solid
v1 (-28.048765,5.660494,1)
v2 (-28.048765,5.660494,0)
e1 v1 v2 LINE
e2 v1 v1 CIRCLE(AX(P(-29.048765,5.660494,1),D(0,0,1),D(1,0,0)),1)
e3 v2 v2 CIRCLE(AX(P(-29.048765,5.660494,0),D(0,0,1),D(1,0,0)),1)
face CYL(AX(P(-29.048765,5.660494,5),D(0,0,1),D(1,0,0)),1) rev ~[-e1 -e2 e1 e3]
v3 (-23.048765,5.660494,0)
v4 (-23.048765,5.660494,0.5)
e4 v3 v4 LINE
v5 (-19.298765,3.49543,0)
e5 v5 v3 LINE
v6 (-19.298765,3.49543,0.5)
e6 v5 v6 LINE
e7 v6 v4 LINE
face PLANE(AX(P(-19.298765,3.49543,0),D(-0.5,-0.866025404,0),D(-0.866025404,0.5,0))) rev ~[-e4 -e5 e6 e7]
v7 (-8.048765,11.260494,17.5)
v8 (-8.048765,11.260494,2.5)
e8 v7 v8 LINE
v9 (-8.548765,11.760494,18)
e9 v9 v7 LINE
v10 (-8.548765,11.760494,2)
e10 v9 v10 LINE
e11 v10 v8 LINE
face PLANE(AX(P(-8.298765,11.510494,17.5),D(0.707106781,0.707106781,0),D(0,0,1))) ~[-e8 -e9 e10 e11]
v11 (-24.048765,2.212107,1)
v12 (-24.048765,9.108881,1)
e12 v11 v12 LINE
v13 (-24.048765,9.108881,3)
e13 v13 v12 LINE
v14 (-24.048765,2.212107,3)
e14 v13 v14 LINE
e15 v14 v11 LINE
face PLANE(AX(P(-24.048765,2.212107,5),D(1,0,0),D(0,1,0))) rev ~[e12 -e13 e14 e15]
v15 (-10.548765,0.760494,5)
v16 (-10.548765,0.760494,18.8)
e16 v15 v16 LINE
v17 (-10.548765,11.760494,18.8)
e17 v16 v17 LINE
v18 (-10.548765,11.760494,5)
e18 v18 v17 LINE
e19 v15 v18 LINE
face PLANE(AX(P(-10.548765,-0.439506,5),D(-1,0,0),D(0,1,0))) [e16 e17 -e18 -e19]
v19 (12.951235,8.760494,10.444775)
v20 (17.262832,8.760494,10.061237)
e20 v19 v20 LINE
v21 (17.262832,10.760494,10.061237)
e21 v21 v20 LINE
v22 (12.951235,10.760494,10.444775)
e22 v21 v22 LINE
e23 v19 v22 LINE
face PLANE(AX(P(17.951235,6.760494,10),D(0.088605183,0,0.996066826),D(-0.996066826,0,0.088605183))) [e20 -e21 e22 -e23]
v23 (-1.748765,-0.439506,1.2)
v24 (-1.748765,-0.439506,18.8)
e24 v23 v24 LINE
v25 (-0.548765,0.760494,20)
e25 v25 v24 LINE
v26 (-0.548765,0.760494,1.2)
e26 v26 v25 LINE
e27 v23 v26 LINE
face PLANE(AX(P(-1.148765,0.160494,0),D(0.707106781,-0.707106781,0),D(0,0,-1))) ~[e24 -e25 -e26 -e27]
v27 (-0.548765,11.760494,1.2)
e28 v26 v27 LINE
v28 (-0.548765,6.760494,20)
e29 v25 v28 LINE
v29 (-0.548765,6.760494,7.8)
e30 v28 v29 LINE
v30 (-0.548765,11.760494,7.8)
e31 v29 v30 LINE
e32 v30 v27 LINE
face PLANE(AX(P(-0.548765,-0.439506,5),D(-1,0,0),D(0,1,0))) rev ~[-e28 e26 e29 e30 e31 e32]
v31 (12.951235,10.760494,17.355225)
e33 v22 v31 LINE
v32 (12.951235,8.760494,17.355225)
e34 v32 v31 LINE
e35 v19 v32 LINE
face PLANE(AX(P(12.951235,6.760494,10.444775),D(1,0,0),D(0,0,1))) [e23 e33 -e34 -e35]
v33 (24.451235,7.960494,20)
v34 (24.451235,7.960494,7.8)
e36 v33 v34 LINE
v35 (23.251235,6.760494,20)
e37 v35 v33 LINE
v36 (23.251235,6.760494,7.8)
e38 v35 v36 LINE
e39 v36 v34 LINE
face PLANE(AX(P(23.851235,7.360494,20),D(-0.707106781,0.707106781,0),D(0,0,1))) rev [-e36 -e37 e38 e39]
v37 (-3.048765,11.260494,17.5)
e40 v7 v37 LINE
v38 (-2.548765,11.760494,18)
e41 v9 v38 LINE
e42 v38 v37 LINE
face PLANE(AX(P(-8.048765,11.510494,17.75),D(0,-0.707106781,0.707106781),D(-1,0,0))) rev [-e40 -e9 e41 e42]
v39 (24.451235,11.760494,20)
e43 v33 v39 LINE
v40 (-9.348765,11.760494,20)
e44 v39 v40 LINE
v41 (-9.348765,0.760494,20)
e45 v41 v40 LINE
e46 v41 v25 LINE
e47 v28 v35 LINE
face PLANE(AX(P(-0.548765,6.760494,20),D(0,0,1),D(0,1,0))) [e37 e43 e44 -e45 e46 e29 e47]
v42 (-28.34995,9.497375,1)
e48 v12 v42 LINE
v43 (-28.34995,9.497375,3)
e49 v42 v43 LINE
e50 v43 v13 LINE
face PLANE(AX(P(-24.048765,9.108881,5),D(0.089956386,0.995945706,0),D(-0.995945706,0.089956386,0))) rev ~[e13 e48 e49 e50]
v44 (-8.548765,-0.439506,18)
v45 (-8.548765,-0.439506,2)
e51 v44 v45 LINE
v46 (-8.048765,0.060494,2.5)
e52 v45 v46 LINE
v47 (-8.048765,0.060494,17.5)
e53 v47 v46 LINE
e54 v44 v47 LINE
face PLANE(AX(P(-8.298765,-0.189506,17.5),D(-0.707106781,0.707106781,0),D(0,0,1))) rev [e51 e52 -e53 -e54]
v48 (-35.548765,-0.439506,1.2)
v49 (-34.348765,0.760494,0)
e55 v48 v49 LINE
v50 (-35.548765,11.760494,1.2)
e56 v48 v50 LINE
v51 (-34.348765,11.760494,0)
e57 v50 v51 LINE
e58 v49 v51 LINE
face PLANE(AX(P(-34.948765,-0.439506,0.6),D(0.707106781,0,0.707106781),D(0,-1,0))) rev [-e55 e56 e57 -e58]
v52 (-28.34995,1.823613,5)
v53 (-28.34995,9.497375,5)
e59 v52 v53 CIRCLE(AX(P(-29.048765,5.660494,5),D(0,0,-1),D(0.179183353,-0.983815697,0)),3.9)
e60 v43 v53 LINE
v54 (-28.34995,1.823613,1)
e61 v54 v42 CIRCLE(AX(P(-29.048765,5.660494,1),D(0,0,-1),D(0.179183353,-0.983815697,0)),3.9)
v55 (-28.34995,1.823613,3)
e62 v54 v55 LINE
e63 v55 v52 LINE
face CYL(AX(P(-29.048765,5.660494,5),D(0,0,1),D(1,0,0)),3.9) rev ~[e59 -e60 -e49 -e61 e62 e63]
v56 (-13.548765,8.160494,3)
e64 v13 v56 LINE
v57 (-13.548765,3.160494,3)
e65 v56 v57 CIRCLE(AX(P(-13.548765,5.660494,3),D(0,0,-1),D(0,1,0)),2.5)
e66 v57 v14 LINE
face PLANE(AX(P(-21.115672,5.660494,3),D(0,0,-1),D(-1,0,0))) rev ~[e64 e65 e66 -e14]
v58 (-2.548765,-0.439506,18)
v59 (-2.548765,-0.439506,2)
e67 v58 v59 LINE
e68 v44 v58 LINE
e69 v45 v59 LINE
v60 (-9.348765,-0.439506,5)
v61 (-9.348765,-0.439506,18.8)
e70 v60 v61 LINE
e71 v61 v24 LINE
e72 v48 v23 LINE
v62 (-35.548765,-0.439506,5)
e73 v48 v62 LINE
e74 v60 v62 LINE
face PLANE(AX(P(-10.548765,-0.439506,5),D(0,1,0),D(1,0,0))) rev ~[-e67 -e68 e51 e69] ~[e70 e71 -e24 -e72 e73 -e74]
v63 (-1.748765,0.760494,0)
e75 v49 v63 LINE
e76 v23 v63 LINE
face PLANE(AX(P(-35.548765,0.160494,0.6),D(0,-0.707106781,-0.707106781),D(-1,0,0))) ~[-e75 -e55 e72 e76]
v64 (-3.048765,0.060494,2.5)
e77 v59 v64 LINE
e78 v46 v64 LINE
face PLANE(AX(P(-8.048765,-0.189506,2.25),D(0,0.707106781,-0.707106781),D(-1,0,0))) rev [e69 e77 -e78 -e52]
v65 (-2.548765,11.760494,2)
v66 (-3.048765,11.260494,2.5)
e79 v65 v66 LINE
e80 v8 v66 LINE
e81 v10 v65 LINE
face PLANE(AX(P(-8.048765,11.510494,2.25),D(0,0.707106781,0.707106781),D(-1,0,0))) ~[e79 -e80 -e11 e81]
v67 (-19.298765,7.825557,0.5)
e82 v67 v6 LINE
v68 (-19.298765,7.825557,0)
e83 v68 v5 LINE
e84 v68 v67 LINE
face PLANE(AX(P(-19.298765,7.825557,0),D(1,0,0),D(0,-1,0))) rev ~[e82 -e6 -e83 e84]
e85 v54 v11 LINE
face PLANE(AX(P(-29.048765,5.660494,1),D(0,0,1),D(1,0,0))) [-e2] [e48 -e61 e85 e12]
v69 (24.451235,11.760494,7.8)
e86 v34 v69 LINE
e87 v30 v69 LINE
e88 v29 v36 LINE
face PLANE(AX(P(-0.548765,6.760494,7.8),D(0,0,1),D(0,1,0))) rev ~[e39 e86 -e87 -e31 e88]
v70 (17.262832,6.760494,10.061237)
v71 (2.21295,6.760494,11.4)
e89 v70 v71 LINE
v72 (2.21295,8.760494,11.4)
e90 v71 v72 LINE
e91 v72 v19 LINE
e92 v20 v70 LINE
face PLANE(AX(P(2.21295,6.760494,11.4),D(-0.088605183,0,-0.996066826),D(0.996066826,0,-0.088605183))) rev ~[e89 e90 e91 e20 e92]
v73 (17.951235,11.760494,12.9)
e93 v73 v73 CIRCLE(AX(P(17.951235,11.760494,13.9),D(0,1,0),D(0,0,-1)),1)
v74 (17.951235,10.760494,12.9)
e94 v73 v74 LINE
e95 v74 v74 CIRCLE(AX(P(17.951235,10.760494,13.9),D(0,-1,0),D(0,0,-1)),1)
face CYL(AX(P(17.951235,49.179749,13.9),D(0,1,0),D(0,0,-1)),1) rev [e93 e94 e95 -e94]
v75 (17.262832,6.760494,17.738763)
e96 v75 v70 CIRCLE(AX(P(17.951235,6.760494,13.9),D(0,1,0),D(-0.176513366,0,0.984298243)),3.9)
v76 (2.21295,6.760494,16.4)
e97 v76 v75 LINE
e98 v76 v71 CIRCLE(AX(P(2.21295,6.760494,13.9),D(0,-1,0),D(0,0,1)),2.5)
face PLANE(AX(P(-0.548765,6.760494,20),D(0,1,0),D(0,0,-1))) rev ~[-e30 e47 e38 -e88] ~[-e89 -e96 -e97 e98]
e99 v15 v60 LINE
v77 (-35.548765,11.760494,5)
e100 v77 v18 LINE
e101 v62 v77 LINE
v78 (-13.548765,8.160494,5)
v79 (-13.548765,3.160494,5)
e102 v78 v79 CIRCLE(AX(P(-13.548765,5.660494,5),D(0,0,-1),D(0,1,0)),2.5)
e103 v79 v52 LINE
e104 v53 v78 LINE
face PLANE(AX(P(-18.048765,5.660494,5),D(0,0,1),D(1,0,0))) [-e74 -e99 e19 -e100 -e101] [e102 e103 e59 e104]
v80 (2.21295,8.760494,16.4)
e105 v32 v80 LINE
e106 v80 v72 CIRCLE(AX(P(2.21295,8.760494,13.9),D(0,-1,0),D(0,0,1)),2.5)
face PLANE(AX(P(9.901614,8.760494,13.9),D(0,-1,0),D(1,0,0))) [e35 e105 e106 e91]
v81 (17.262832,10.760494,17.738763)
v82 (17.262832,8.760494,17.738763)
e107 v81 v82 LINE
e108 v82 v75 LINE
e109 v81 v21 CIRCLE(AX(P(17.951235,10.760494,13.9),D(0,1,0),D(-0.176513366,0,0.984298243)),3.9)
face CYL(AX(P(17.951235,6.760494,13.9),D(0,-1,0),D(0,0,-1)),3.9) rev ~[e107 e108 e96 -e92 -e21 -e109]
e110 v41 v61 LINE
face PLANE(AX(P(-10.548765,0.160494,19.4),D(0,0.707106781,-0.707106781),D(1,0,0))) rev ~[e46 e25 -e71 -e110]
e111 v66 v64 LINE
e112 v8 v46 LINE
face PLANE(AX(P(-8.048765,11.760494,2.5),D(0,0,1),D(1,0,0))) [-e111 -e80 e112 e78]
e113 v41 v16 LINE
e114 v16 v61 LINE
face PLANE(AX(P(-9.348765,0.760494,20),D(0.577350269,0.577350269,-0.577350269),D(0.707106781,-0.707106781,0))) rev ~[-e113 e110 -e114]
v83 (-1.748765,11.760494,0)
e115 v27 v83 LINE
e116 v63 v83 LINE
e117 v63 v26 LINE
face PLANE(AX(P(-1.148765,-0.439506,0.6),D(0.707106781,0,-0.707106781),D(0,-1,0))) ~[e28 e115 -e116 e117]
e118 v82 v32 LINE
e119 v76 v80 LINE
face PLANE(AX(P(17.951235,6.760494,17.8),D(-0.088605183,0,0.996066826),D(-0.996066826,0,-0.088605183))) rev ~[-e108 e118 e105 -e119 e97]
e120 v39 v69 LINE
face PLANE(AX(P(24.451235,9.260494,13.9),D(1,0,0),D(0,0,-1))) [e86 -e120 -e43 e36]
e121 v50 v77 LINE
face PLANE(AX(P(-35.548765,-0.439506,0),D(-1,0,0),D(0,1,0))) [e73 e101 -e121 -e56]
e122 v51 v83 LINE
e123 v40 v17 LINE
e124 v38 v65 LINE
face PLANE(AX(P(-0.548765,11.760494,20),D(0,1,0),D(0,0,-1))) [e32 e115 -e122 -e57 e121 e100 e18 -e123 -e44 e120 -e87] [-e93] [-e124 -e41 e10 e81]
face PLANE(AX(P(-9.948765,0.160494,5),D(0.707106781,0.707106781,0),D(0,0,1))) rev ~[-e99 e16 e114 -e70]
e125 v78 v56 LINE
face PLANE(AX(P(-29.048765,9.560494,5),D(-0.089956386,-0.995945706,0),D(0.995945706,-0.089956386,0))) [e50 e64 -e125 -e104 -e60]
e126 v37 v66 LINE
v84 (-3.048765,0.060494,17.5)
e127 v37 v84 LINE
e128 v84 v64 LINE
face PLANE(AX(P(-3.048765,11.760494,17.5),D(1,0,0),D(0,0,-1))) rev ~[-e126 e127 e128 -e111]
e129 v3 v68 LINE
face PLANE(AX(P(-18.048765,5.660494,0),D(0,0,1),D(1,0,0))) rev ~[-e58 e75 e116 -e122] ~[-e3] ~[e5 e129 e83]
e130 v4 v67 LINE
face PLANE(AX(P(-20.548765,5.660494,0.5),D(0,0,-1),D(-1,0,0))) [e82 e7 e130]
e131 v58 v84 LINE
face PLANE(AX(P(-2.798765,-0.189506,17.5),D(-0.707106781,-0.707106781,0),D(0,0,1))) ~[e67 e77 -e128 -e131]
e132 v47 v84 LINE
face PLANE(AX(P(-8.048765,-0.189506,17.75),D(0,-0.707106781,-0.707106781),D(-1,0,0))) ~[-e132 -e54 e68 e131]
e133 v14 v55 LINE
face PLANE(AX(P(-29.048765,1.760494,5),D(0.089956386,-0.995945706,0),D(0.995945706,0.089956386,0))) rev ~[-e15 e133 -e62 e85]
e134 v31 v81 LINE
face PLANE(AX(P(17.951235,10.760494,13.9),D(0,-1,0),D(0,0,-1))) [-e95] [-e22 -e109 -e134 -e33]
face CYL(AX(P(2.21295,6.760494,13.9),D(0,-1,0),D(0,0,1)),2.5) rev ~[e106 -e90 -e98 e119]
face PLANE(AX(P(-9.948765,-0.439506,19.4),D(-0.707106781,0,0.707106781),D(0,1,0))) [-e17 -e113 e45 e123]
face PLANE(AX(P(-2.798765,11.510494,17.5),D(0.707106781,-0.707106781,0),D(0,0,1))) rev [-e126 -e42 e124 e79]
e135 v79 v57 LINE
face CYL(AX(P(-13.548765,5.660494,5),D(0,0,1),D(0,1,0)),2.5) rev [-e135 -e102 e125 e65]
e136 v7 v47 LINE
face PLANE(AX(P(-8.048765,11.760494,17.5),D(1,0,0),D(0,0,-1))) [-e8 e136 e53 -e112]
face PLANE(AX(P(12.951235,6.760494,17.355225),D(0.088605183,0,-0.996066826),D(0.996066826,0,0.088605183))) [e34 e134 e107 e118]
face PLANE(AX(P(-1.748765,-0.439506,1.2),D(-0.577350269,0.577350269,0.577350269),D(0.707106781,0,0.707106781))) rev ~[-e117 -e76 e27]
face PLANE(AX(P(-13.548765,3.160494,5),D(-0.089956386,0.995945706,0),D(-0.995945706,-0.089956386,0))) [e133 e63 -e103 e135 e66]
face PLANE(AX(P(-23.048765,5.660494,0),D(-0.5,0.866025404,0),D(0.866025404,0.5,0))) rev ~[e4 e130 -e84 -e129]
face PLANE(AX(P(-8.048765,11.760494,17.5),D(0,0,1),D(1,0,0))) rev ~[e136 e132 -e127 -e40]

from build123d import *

# Parameters (mm, degrees)
SKETCH1_W               = 35
SKETCH1_H               = 12.2
BOSS_EXTRUDE1_DEPTH     = 5
SKETCH2_R               = 1
CUT_EXTRUDE1_DEPTH      = 38.775970389
SKETCH3_W               = 10
SKETCH3_H               = 12.2
BOSS_EXTRUDE2_DEPTH     = 15
SKETCH4_W               = 12.2
SKETCH4_H               = 5
BOSS_EXTRUDE3_DEPTH     = 25
CUT_EXTRUDE2_DEPTH      = 42.419255471
CUT_EXTRUDE2_DEPTH_BACK = 42.419255471
SKETCH5_R               = 1
CUT_EXTRUDE3_DEPTH      = 0.5
CHAMFER1_SIZE           = 1.2
SKETCH8_R               = 3.9
CUT_EXTRUDE4_DEPTH      = 4
CUT_EXTRUDE5_DEPTH      = 2
CUT_EXTRUDE6_DEPTH      = 4
SKETCH20_R              = 3.9
CUT_EXTRUDE11_DEPTH     = 4
CUT_EXTRUDE12_DEPTH     = 2
CUT_EXTRUDE13_DEPTH     = 4
SKETCH23_W              = 5
SKETCH23_H              = 15
CUT_EXTRUDE14_DEPTH     = 43.574108608
CHAMFER2_SIZE           = 0.5


with BuildPart() as part:
    # Sketch1 → Boss-Extrude1 (new body)
    with BuildSketch(Plane.XY):
        with Locations((-18.048765432, 5.660493827)):
            Rectangle(SKETCH1_W, SKETCH1_H)
    extrude(amount=BOSS_EXTRUDE1_DEPTH)

    # Sketch2 → Cut-Extrude1 (cut, through all)
    with BuildSketch(Plane.XY.offset(5)):
        with Locations((-29.048765432, 5.660493827)):
            Circle(SKETCH2_R)
    extrude(amount=-CUT_EXTRUDE1_DEPTH, mode=Mode.SUBTRACT)

    # Sketch3 → Boss-Extrude2 (add)
    with BuildSketch(Plane.XY.offset(5)):
        with Locations((-5.548765432, 5.660493827)):
            Rectangle(SKETCH3_W, SKETCH3_H)
    extrude(amount=BOSS_EXTRUDE2_DEPTH)

    # Sketch4 → Boss-Extrude3 (add)
    with BuildSketch(Plane(origin=(-0.548765432, 0, 0), x_dir=(0, 0, -1), z_dir=(1, 0, 0))):
        with Locations((-13.9, 9.260493827)):
            Rectangle(SKETCH4_W, SKETCH4_H)
    extrude(amount=BOSS_EXTRUDE3_DEPTH)

    # Sketch5 → Cut-Extrude2 (cut, two sides: drawn at the far end of the back side and taken through both)
    with BuildSketch(Plane.XZ.offset(-6.760493827).offset(-CUT_EXTRUDE2_DEPTH_BACK)):
        with Locations(Location((17.951234568, 13.9, 0), (0, 0, 270))):
            Circle(SKETCH5_R)
    extrude(amount=CUT_EXTRUDE2_DEPTH + CUT_EXTRUDE2_DEPTH_BACK, mode=Mode.SUBTRACT)

    # Sketch7 → Cut-Extrude3 (cut)
    with BuildSketch(Plane(origin=(0, 0, 0), x_dir=(-1, 0, 0), z_dir=(0, 0, -1))):
        Polygon((23.048765432, 5.660493827), (19.298765432, 7.825557337), (19.298765432, 3.495430318), align=None)
    extrude(amount=-CUT_EXTRUDE3_DEPTH, mode=Mode.SUBTRACT)

    # Chamfer1
    chamfer1_edges = [part.edges().sort_by_distance(p)[0] for p in [
        (-10.548765432, -0.439506173, 12.5),
        (-10.548765432, 5.660493827, 20),
        (-5.548765432, -0.439506173, 20),
        (24.451234568, 6.760493827, 13.9),
        (-0.548765432, 5.660493827, 0),
        (-18.048765432, -0.439506173, 0),
        (-35.548765432, 5.660493827, 0),
        (-0.548765432, -0.439506173, 10),
    ]]
    chamfer(chamfer1_edges, length=CHAMFER1_SIZE)

    # Sketch8 → Cut-Extrude4 (cut)
    with BuildSketch(Plane.XY.offset(5)):
        with Locations((-29.048765432, 5.660493827)):
            Circle(SKETCH8_R)
    extrude(amount=-CUT_EXTRUDE4_DEPTH, mode=Mode.SUBTRACT)

    # Sketch10 → Cut-Extrude5 (cut)
    with BuildSketch(Plane.XY.offset(5)):
        with BuildLine():
            Line((-29.048765432, 9.560493827), (-13.548765432, 8.160493827))
            ThreePointArc((-13.548765432, 8.160493827), (-11.048765432, 5.660493827), (-13.548765432, 3.160493827))
            Line((-13.548765432, 3.160493827), (-29.048765432, 1.760493827))
            Line((-29.048765432, 1.760493827), (-29.048765432, 9.560493827))
        make_face()
    extrude(amount=-CUT_EXTRUDE5_DEPTH, mode=Mode.SUBTRACT)

    # Sketch12 → Cut-Extrude6 (cut)
    with BuildSketch(Plane.XY.offset(5)):
        Polygon((-24.048765432, 5.660493827), (-24.048765432, 9.108880924), (-29.048765432, 9.560493827), (-29.048765432, 1.760493827), (-24.048765432, 2.21210673), align=None)
    extrude(amount=-CUT_EXTRUDE6_DEPTH, mode=Mode.SUBTRACT)

    # Sketch20 → Cut-Extrude11 (cut)
    with BuildSketch(Plane.XZ.offset(-6.760493827)):
        with Locations(Location((17.951234568, 13.9, 0), (0, 0, 270))):
            Circle(SKETCH20_R)
    extrude(amount=-CUT_EXTRUDE11_DEPTH, mode=Mode.SUBTRACT)

    # Sketch21 → Cut-Extrude12 (cut)
    with BuildSketch(Plane.XZ.offset(-6.760493827)):
        with BuildLine():
            Line((17.951234568, 17.8), (2.21295028, 16.4))
            ThreePointArc((2.21295028, 16.4), (-0.28704972, 13.9), (2.21295028, 11.4))
            Line((2.21295028, 11.4), (17.951234568, 10))
            Line((17.951234568, 10), (17.951234568, 17.8))
        make_face()
    extrude(amount=-CUT_EXTRUDE12_DEPTH, mode=Mode.SUBTRACT)

    # Sketch22 → Cut-Extrude13 (cut)
    with BuildSketch(Plane.XZ.offset(-6.760493827)):
        Polygon((17.951234568, 17.8), (17.951234568, 10), (12.951234568, 10.444775293), (12.951234568, 17.355224707), align=None)
    extrude(amount=-CUT_EXTRUDE13_DEPTH, mode=Mode.SUBTRACT)

    # Sketch23 → Cut-Extrude14 (cut, through all)
    with BuildSketch(Plane(origin=(0, 11.760493827, 0), x_dir=(1, 0, 0), z_dir=(0, 1, 0))):
        with Locations((-5.548765432, -10)):
            Rectangle(SKETCH23_W, SKETCH23_H)
    extrude(amount=-CUT_EXTRUDE14_DEPTH, mode=Mode.SUBTRACT)

    # Chamfer2
    chamfer2_edges = [part.edges().sort_by_distance(p)[0] for p in [
        (-8.048765432, -0.439506173, 10),
        (-5.548765432, -0.439506173, 2.5),
        (-3.048765432, -0.439506173, 10),
        (-5.548765432, -0.439506173, 17.5),
        (-8.048765432, 11.760493827, 10),
        (-5.548765432, 11.760493827, 17.5),
        (-3.048765432, 11.760493827, 10),
        (-5.548765432, 11.760493827, 2.5),
    ]]
    chamfer(chamfer2_edges, length=CHAMFER2_SIZE)


solid = part.part
